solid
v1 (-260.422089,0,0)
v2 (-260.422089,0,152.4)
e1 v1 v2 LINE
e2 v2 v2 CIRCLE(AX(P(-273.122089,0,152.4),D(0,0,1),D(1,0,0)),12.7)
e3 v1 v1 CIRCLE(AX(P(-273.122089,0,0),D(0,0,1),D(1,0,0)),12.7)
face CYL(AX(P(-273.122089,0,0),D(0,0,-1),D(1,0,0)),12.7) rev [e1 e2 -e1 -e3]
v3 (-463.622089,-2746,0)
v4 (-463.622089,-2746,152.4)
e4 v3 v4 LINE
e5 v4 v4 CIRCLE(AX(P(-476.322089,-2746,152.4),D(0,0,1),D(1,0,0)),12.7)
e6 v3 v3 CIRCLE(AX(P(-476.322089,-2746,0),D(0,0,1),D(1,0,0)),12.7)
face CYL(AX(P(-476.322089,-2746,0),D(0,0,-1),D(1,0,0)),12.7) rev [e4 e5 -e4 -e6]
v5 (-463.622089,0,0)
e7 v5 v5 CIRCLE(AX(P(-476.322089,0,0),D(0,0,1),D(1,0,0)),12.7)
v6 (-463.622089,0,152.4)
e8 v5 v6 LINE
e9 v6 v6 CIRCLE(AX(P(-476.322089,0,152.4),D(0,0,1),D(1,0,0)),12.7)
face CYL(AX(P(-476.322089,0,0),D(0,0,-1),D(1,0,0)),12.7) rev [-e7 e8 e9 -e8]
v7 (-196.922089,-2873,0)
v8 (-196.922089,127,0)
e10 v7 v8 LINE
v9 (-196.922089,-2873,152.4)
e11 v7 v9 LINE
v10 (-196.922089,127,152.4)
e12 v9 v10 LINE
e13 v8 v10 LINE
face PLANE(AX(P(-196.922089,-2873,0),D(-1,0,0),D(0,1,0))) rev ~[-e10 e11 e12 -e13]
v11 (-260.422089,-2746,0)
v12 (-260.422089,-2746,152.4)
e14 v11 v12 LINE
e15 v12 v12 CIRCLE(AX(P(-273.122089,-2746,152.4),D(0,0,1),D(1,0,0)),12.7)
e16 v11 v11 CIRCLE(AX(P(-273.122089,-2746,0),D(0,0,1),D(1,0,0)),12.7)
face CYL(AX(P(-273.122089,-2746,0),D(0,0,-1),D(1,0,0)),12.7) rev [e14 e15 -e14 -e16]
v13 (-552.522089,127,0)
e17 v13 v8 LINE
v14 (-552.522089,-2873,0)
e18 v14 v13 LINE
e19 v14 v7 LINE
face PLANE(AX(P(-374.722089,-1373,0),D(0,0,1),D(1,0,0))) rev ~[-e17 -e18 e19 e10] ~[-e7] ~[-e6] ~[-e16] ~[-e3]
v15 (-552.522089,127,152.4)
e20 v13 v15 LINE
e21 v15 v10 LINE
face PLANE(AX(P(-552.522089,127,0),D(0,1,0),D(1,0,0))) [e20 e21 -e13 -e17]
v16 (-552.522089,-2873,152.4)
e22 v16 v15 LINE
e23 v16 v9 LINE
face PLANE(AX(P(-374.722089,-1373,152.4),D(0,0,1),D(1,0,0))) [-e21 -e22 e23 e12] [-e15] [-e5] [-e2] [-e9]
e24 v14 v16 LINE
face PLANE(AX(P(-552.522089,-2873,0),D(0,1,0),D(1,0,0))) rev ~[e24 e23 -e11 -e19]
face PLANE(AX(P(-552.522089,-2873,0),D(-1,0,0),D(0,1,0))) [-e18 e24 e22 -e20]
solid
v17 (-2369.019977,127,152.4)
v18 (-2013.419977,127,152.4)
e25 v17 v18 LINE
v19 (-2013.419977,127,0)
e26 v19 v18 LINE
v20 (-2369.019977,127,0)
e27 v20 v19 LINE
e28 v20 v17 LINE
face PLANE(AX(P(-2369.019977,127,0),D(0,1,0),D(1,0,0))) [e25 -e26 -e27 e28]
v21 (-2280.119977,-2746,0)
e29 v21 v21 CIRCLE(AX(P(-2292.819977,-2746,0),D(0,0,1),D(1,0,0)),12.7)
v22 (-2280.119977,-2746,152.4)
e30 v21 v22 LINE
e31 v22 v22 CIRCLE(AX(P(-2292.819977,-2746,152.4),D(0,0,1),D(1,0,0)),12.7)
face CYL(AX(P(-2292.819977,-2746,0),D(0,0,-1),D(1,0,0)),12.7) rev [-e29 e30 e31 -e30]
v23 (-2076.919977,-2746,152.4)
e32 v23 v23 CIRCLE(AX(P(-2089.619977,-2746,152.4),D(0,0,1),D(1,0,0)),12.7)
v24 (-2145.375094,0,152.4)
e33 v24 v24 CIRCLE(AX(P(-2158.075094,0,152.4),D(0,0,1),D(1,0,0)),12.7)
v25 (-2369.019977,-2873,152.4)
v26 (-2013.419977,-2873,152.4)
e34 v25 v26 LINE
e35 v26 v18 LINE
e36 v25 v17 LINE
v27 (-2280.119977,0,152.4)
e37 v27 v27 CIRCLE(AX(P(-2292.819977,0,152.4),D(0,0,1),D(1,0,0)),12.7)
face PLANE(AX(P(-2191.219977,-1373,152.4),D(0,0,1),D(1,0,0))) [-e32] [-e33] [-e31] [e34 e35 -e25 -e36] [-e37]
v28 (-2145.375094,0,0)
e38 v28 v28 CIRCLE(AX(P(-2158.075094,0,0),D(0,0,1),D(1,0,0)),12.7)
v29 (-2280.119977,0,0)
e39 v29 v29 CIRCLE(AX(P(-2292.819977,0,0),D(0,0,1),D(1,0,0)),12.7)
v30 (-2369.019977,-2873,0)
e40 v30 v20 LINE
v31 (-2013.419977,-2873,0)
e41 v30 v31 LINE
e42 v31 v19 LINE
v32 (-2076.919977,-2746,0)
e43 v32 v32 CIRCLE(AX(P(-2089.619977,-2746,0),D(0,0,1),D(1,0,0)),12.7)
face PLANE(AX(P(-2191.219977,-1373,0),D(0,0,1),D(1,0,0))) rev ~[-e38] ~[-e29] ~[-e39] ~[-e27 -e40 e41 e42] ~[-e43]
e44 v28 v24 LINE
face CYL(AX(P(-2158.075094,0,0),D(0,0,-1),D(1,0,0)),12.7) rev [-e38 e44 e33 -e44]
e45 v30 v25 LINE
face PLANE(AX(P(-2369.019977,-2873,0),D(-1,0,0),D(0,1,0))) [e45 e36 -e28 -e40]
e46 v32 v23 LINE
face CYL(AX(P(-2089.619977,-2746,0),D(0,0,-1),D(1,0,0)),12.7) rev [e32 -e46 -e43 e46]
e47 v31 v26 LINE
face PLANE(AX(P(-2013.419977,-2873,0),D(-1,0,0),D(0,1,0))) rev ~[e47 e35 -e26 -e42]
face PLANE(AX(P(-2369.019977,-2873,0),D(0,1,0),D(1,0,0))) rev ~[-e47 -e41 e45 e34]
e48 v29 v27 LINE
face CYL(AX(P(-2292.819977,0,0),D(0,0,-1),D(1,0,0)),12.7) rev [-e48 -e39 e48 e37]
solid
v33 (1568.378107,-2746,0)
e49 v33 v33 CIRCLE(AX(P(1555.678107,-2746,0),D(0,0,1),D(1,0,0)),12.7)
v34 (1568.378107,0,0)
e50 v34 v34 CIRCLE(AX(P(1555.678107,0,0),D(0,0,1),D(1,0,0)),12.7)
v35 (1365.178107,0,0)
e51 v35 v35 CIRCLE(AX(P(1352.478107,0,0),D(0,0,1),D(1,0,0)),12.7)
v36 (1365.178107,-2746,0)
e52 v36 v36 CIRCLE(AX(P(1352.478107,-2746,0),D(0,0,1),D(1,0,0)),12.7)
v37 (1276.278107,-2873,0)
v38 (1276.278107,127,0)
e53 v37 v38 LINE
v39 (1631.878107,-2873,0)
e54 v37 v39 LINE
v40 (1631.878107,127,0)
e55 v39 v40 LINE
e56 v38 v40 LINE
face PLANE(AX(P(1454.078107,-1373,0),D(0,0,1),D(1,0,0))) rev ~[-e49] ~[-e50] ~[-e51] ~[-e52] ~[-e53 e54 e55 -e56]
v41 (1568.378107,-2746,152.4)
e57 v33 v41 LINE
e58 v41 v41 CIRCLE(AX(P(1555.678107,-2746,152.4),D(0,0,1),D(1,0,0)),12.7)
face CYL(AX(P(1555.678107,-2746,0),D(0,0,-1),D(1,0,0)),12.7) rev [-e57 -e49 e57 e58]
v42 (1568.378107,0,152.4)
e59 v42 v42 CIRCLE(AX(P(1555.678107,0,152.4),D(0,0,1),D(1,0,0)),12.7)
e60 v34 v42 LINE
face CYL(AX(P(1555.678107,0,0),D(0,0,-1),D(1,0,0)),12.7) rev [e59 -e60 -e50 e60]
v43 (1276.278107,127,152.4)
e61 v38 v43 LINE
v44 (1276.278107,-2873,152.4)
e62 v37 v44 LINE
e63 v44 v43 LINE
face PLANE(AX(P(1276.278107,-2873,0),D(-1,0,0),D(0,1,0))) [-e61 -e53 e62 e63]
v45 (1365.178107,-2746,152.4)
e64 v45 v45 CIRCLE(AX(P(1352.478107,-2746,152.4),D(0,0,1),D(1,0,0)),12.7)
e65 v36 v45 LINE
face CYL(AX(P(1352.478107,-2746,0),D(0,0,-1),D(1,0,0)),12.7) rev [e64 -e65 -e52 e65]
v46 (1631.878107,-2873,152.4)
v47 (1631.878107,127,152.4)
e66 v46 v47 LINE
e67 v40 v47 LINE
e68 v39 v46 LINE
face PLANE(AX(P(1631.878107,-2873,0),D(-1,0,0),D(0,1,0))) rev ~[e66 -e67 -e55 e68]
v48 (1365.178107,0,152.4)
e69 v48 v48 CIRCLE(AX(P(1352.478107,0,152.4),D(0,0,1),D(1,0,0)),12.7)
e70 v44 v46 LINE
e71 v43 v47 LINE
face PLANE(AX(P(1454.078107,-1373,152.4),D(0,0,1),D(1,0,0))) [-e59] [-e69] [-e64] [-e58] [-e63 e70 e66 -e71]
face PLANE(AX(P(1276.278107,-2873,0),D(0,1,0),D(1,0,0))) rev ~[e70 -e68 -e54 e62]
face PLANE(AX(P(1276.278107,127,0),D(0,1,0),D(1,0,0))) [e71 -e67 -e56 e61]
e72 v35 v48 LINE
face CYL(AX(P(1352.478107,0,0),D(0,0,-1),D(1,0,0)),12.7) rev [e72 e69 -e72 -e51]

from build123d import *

# Parameters (mm, degrees)
F0_W     = 355.6
F0_H     = 3000
F0_R     = 12.7
F1_DEPTH = 152.4


with BuildPart() as f1:
    # F0 (on Top) → F1 (new body)
    with BuildSketch(Plane.XY):
        with Locations((-2191.219977, -1373)):
            Rectangle(F0_W, F0_H)
        with Locations((-2292.819977, -2746)):
            Circle(F0_R, mode=Mode.SUBTRACT)
        with Locations((-2089.619977, -2746)):
            Circle(F0_R, mode=Mode.SUBTRACT)
        with Locations((-2292.819977, 0)):
            Circle(F0_R, mode=Mode.SUBTRACT)
        with Locations((-2158.075094, 0)):
            Circle(F0_R, mode=Mode.SUBTRACT)
        with Locations((-374.722089, -1373)):
            Rectangle(F0_W, F0_H)
        with Locations((-476.322089, -2746)):
            Circle(F0_R, mode=Mode.SUBTRACT)
        with Locations((-273.122089, -2746)):
            Circle(F0_R, mode=Mode.SUBTRACT)
        with Locations((-476.322089, 0)):
            Circle(F0_R, mode=Mode.SUBTRACT)
        with Locations((-273.122089, 0)):
            Circle(F0_R, mode=Mode.SUBTRACT)
        with Locations((1454.078107, -1373)):
            Rectangle(F0_W, F0_H)
        with Locations((1352.478107, -2746)):
            Circle(F0_R, mode=Mode.SUBTRACT)
        with Locations((1555.678107, -2746)):
            Circle(F0_R, mode=Mode.SUBTRACT)
        with Locations((1352.478107, 0)):
            Circle(F0_R, mode=Mode.SUBTRACT)
        with Locations((1555.678107, 0)):
            Circle(F0_R, mode=Mode.SUBTRACT)
    extrude(amount=F1_DEPTH)


solid = f1.part
